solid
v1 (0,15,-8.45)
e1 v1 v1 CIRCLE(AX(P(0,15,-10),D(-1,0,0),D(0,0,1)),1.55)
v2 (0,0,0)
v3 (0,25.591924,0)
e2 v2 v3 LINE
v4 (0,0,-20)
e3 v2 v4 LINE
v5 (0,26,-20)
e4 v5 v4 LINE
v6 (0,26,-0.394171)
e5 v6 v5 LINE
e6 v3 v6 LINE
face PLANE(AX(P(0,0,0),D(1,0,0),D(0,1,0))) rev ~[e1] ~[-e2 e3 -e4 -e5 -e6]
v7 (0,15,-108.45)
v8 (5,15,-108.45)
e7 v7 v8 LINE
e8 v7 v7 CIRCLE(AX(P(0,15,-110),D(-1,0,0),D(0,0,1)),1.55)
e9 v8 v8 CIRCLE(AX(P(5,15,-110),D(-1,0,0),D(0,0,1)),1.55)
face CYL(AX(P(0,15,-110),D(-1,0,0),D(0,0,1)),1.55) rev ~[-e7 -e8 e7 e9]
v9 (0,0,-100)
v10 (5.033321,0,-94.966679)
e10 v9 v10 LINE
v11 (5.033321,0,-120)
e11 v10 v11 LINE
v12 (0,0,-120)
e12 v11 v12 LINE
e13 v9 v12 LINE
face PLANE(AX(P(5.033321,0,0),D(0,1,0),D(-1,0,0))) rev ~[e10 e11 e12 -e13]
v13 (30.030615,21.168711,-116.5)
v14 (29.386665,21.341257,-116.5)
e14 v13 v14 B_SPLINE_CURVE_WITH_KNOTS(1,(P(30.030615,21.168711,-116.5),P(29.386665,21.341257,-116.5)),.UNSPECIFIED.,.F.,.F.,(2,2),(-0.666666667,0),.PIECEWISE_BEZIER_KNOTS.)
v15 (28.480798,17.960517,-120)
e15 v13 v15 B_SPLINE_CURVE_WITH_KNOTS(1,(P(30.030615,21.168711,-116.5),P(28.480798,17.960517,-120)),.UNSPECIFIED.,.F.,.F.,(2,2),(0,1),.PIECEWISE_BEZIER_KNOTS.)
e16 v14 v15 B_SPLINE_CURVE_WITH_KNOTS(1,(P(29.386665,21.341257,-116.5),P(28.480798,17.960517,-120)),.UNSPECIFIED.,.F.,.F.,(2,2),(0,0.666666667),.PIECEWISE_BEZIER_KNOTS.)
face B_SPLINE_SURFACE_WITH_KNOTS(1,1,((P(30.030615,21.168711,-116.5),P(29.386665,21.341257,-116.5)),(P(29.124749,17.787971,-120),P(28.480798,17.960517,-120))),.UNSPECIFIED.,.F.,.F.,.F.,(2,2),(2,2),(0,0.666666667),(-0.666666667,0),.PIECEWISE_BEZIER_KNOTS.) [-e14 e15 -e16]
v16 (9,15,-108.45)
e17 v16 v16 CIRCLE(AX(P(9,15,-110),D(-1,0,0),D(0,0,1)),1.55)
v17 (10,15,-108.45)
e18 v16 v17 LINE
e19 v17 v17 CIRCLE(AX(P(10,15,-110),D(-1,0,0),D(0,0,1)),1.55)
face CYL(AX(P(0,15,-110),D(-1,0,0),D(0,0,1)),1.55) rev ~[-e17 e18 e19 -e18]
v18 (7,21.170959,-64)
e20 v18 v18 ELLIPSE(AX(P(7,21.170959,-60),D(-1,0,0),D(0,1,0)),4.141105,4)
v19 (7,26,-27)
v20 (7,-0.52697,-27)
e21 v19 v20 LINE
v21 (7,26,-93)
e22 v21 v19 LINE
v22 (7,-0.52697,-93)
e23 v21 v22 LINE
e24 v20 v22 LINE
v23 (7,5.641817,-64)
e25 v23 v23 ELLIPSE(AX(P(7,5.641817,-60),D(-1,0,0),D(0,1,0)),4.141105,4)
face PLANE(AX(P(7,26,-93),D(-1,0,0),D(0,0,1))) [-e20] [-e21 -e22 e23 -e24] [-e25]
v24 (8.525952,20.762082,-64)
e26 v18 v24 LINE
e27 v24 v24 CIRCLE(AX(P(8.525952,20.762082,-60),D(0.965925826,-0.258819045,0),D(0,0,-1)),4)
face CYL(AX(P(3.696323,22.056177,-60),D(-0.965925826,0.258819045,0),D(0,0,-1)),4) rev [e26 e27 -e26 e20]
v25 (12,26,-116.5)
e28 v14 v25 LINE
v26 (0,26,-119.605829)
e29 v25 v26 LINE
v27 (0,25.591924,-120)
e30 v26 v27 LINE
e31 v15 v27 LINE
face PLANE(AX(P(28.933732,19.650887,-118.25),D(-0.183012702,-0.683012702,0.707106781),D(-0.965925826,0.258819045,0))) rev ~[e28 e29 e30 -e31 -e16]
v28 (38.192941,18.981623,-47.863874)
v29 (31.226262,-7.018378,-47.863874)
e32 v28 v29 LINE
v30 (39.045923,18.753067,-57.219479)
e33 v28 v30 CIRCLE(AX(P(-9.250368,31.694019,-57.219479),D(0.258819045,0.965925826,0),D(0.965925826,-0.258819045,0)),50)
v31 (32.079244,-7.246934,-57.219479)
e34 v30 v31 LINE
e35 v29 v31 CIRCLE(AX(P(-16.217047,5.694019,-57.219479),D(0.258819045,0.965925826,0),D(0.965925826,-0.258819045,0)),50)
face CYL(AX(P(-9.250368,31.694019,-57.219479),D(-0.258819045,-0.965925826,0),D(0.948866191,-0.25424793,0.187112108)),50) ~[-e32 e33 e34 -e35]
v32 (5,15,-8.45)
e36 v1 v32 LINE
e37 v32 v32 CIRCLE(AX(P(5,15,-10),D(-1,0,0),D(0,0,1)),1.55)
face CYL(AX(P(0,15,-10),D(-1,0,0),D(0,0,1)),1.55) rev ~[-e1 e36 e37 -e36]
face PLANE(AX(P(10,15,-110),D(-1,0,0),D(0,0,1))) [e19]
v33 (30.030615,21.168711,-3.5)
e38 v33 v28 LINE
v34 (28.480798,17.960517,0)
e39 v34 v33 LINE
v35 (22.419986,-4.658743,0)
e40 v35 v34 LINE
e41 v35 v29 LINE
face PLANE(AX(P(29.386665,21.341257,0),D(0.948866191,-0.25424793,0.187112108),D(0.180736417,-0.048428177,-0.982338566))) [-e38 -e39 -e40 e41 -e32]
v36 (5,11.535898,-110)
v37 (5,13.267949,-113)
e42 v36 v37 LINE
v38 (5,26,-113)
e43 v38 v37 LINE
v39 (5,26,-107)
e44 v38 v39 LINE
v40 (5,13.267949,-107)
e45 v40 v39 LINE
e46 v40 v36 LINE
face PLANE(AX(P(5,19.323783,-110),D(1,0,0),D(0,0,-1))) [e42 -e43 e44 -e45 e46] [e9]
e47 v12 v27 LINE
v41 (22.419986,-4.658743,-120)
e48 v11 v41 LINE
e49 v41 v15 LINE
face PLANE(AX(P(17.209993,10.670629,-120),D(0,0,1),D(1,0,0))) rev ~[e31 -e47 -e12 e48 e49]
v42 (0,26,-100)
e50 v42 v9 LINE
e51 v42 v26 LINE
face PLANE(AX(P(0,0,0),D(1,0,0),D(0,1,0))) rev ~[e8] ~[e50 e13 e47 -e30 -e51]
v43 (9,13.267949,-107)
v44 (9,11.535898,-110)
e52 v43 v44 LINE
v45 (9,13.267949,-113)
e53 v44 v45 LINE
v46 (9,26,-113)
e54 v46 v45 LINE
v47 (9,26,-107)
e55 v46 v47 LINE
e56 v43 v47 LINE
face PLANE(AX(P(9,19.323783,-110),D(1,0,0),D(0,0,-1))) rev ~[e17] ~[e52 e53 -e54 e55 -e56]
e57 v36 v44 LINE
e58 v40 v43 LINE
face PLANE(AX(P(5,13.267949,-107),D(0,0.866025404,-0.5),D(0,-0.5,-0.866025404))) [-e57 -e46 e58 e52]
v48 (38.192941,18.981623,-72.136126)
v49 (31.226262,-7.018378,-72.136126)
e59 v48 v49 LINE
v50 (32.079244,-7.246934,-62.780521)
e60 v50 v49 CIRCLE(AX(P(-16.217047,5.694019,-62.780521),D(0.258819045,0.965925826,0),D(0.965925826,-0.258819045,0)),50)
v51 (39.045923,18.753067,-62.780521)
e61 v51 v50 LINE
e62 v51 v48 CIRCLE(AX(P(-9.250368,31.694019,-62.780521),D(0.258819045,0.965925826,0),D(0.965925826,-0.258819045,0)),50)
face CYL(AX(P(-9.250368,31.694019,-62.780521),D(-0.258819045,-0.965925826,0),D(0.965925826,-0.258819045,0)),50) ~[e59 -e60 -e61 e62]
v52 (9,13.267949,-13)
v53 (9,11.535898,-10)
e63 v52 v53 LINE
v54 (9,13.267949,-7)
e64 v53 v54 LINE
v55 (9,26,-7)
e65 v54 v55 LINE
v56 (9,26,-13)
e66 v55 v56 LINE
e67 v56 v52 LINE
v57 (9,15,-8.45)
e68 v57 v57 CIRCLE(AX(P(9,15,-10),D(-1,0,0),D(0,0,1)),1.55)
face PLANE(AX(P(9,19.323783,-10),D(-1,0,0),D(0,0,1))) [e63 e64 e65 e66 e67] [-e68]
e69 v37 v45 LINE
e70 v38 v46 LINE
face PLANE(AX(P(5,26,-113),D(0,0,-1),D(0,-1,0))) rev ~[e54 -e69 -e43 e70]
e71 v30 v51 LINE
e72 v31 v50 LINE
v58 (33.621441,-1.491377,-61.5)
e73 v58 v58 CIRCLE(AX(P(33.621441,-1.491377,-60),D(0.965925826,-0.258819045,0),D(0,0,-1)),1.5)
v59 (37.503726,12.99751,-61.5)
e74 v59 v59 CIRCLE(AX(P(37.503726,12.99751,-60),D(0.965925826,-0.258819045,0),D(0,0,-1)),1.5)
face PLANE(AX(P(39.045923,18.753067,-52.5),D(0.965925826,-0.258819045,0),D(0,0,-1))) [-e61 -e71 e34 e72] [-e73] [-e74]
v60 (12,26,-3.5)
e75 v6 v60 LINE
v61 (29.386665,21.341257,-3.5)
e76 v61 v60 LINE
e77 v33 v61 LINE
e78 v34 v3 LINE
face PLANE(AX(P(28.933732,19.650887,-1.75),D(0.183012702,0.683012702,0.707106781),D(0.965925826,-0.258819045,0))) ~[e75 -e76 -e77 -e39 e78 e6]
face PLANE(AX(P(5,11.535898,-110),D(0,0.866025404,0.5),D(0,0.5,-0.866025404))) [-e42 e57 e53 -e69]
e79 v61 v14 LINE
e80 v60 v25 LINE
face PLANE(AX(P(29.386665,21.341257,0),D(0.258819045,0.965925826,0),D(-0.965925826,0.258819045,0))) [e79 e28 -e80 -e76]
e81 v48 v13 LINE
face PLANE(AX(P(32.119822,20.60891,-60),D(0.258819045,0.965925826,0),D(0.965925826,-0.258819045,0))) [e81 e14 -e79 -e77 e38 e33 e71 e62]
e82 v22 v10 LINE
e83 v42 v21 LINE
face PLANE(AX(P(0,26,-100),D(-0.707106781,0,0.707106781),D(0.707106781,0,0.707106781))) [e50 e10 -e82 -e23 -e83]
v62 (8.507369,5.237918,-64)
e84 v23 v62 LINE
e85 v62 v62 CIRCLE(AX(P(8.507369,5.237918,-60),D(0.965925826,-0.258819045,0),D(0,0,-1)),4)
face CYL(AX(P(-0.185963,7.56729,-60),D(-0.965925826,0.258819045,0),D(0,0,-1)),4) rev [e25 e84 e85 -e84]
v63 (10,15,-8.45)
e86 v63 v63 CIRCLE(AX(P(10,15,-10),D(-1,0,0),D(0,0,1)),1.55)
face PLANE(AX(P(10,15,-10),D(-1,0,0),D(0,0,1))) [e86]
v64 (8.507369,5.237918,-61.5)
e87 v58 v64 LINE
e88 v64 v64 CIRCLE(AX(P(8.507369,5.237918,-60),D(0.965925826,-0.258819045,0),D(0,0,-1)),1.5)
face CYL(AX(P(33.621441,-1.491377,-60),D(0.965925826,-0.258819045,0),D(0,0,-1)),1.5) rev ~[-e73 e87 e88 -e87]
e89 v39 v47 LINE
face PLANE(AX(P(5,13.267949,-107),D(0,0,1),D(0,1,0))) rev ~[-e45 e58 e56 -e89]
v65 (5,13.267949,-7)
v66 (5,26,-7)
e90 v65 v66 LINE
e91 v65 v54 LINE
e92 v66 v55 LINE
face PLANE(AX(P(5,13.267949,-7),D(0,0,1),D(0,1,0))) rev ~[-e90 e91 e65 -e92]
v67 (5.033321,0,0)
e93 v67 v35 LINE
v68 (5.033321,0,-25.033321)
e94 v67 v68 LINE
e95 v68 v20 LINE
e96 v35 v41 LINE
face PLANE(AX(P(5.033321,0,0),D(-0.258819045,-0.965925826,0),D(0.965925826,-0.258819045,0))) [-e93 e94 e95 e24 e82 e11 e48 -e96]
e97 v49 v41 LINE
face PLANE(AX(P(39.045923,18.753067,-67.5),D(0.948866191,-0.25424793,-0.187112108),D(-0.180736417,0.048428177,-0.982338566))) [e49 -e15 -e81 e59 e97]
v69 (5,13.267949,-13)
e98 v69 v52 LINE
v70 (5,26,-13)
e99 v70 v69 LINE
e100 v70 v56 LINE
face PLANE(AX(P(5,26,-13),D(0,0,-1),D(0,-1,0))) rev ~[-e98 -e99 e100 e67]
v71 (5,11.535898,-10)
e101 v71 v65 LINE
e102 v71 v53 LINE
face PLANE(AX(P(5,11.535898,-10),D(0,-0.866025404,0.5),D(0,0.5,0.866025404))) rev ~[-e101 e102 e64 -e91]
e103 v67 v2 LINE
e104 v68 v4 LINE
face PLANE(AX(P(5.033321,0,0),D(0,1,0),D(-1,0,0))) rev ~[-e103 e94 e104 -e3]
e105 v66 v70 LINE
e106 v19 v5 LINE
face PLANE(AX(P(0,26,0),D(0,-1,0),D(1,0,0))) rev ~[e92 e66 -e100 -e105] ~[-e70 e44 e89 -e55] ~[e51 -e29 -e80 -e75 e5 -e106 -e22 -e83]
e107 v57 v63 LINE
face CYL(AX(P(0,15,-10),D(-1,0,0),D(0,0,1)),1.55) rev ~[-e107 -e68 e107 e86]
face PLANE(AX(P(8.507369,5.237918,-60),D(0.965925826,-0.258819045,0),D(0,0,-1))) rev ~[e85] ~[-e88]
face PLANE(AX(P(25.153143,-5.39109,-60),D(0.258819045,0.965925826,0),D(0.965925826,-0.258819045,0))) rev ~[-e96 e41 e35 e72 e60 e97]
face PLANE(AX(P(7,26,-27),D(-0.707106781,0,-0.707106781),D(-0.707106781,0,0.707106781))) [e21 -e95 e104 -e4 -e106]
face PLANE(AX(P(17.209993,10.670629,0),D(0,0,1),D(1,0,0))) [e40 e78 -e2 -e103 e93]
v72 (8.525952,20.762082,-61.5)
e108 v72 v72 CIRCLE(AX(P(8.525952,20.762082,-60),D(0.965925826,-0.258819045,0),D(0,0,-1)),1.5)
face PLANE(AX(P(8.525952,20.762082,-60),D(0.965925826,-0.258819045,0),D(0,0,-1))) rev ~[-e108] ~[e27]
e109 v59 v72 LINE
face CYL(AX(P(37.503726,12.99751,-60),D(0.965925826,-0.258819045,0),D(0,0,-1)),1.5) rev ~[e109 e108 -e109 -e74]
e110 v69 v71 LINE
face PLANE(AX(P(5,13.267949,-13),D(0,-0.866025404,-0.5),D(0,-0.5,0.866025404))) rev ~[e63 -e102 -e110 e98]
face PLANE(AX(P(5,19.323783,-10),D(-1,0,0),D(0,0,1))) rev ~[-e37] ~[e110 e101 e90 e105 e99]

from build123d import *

# Parameters (mm, degrees)
BOSS_EXTRUDE1_DEPTH = 120
BOSS_EXTRUDE2_DEPTH = 26.917181
CUT_EXTRUDE3_DEPTH  = 34.246933562
SKETCH7_R           = 1.55
CUT_EXTRUDE4_DEPTH  = 10
CUT_EXTRUDE5_DEPTH  = 4
FILLET1_R           = 50
SKETCH10_R          = 1.5
CUT_EXTRUDE6_DEPTH  = 40.591109915
CHAMFER4_SIZE       = 3.5
SKETCH12_R          = 4
CUT_EXTRUDE8_DEPTH  = 5
SKETCH12_3_R        = 4
CUT_EXTRUDE9_DEPTH  = 9


with BuildPart() as part:
    # Sketch1 → Boss-Extrude1 (new body)
    with BuildSketch(Plane.XY):
        Polygon((12, 26), (5.033320997, 0), (22.41998587, -4.658742812), (29.386664873, 21.341257188), align=None)
        Polygon((0, 0), (0, 26), (12, 26), (5.033320997, 0), align=None)
    extrude(amount=-BOSS_EXTRUDE1_DEPTH)

    # Sketch3 → Boss-Extrude2 (add)
    with BuildSketch(Plane(origin=(7.303847577, 27.258330249, 0), x_dir=(0.965925826, -0.258819045, 0), z_dir=(0.258819045, 0.965925826, 0))):
        Polygon((22.861814743, 0), (32.861814743, 52.5), (32.861814743, 67.5), (22.861814743, 120), align=None)
    extrude(amount=-BOSS_EXTRUDE2_DEPTH)

    # Sketch6 → Cut-Extrude3 (cut, through all)
    with BuildSketch(Plane(origin=(0, 26, 0), x_dir=(1, 0, 0), z_dir=(0, 1, 0))):
        Polygon((0, 100), (7, 93), (7, 27), (0, 20), align=None)
    extrude(amount=-CUT_EXTRUDE3_DEPTH, mode=Mode.SUBTRACT)

    # Sketch7 → Cut-Extrude4 (cut)
    with BuildSketch(Plane.ZY):
        with Locations((-110, 15)):
            Circle(SKETCH7_R)
        with Locations((-10, 15)):
            Circle(SKETCH7_R)
    extrude(amount=-CUT_EXTRUDE4_DEPTH, mode=Mode.SUBTRACT)

    # Sketch8 → Cut-Extrude5 (cut)
    with BuildSketch(Plane.ZY.offset(-5)):
        Polygon((-113, 16.732050808), (-113, 26), (-107, 26), (-107, 16.732050808), (-107, 13.267949192), (-110, 11.535898385), (-113, 13.267949192), align=None)
        Polygon((-13, 26), (-13, 16.732050808), (-13, 13.267949192), (-10, 11.535898385), (-7, 13.267949192), (-7, 16.732050808), (-7, 26), align=None)
    extrude(amount=-CUT_EXTRUDE5_DEPTH, mode=Mode.SUBTRACT)

    # Fillet1
    fillet1_edges = [part.edges().sort_by_distance(p)[0] for p in [
        (35.562583594, 5.753066588, -52.5),
        (35.562583594, 5.753066588, -67.5),
    ]]
    fillet(fillet1_edges, radius=FILLET1_R)

    # Sketch10 → Cut-Extrude6 (cut, through all)
    with BuildSketch(Plane(origin=(31.742075559, -8.505263512, 0), x_dir=(0, 0, -1), z_dir=(0.965925826, -0.258819045, 0))):
        with Locations((60, 22.261309679)):
            Circle(SKETCH10_R)
        with Locations((60, 7.261309679)):
            Circle(SKETCH10_R)
    extrude(amount=-CUT_EXTRUDE6_DEPTH, mode=Mode.SUBTRACT)

    # Chamfer4
    chamfer4_edges = [part.edges().sort_by_distance(p)[0] for p in [
        (20.693332437, 23.670628594, -120),
        (20.693332437, 23.670628594, 0),
    ]]
    chamfer(chamfer4_edges, length=CHAMFER4_SIZE)

    # Sketch12 → Cut-Extrude8 (cut)
    with BuildSketch(Plane(origin=(-2.065328361, 0.553403067, 0), x_dir=(0, 0, -1), z_dir=(0.965925826, -0.258819045, 0))):
        with Locations((60, 22.261309679)):
            Circle(SKETCH12_R)
    extrude(amount=CUT_EXTRUDE8_DEPTH, mode=Mode.SUBTRACT)

    # Sketch12<3> → Cut-Extrude9 (cut)
    with BuildSketch(Plane(origin=(-2.065328361, 0.553403067, 0), x_dir=(0, 0, -1), z_dir=(0.965925826, -0.258819045, 0))):
        with Locations((60, 7.261309679)):
            Circle(SKETCH12_3_R)
    extrude(amount=CUT_EXTRUDE9_DEPTH, mode=Mode.SUBTRACT)


solid = part.part
